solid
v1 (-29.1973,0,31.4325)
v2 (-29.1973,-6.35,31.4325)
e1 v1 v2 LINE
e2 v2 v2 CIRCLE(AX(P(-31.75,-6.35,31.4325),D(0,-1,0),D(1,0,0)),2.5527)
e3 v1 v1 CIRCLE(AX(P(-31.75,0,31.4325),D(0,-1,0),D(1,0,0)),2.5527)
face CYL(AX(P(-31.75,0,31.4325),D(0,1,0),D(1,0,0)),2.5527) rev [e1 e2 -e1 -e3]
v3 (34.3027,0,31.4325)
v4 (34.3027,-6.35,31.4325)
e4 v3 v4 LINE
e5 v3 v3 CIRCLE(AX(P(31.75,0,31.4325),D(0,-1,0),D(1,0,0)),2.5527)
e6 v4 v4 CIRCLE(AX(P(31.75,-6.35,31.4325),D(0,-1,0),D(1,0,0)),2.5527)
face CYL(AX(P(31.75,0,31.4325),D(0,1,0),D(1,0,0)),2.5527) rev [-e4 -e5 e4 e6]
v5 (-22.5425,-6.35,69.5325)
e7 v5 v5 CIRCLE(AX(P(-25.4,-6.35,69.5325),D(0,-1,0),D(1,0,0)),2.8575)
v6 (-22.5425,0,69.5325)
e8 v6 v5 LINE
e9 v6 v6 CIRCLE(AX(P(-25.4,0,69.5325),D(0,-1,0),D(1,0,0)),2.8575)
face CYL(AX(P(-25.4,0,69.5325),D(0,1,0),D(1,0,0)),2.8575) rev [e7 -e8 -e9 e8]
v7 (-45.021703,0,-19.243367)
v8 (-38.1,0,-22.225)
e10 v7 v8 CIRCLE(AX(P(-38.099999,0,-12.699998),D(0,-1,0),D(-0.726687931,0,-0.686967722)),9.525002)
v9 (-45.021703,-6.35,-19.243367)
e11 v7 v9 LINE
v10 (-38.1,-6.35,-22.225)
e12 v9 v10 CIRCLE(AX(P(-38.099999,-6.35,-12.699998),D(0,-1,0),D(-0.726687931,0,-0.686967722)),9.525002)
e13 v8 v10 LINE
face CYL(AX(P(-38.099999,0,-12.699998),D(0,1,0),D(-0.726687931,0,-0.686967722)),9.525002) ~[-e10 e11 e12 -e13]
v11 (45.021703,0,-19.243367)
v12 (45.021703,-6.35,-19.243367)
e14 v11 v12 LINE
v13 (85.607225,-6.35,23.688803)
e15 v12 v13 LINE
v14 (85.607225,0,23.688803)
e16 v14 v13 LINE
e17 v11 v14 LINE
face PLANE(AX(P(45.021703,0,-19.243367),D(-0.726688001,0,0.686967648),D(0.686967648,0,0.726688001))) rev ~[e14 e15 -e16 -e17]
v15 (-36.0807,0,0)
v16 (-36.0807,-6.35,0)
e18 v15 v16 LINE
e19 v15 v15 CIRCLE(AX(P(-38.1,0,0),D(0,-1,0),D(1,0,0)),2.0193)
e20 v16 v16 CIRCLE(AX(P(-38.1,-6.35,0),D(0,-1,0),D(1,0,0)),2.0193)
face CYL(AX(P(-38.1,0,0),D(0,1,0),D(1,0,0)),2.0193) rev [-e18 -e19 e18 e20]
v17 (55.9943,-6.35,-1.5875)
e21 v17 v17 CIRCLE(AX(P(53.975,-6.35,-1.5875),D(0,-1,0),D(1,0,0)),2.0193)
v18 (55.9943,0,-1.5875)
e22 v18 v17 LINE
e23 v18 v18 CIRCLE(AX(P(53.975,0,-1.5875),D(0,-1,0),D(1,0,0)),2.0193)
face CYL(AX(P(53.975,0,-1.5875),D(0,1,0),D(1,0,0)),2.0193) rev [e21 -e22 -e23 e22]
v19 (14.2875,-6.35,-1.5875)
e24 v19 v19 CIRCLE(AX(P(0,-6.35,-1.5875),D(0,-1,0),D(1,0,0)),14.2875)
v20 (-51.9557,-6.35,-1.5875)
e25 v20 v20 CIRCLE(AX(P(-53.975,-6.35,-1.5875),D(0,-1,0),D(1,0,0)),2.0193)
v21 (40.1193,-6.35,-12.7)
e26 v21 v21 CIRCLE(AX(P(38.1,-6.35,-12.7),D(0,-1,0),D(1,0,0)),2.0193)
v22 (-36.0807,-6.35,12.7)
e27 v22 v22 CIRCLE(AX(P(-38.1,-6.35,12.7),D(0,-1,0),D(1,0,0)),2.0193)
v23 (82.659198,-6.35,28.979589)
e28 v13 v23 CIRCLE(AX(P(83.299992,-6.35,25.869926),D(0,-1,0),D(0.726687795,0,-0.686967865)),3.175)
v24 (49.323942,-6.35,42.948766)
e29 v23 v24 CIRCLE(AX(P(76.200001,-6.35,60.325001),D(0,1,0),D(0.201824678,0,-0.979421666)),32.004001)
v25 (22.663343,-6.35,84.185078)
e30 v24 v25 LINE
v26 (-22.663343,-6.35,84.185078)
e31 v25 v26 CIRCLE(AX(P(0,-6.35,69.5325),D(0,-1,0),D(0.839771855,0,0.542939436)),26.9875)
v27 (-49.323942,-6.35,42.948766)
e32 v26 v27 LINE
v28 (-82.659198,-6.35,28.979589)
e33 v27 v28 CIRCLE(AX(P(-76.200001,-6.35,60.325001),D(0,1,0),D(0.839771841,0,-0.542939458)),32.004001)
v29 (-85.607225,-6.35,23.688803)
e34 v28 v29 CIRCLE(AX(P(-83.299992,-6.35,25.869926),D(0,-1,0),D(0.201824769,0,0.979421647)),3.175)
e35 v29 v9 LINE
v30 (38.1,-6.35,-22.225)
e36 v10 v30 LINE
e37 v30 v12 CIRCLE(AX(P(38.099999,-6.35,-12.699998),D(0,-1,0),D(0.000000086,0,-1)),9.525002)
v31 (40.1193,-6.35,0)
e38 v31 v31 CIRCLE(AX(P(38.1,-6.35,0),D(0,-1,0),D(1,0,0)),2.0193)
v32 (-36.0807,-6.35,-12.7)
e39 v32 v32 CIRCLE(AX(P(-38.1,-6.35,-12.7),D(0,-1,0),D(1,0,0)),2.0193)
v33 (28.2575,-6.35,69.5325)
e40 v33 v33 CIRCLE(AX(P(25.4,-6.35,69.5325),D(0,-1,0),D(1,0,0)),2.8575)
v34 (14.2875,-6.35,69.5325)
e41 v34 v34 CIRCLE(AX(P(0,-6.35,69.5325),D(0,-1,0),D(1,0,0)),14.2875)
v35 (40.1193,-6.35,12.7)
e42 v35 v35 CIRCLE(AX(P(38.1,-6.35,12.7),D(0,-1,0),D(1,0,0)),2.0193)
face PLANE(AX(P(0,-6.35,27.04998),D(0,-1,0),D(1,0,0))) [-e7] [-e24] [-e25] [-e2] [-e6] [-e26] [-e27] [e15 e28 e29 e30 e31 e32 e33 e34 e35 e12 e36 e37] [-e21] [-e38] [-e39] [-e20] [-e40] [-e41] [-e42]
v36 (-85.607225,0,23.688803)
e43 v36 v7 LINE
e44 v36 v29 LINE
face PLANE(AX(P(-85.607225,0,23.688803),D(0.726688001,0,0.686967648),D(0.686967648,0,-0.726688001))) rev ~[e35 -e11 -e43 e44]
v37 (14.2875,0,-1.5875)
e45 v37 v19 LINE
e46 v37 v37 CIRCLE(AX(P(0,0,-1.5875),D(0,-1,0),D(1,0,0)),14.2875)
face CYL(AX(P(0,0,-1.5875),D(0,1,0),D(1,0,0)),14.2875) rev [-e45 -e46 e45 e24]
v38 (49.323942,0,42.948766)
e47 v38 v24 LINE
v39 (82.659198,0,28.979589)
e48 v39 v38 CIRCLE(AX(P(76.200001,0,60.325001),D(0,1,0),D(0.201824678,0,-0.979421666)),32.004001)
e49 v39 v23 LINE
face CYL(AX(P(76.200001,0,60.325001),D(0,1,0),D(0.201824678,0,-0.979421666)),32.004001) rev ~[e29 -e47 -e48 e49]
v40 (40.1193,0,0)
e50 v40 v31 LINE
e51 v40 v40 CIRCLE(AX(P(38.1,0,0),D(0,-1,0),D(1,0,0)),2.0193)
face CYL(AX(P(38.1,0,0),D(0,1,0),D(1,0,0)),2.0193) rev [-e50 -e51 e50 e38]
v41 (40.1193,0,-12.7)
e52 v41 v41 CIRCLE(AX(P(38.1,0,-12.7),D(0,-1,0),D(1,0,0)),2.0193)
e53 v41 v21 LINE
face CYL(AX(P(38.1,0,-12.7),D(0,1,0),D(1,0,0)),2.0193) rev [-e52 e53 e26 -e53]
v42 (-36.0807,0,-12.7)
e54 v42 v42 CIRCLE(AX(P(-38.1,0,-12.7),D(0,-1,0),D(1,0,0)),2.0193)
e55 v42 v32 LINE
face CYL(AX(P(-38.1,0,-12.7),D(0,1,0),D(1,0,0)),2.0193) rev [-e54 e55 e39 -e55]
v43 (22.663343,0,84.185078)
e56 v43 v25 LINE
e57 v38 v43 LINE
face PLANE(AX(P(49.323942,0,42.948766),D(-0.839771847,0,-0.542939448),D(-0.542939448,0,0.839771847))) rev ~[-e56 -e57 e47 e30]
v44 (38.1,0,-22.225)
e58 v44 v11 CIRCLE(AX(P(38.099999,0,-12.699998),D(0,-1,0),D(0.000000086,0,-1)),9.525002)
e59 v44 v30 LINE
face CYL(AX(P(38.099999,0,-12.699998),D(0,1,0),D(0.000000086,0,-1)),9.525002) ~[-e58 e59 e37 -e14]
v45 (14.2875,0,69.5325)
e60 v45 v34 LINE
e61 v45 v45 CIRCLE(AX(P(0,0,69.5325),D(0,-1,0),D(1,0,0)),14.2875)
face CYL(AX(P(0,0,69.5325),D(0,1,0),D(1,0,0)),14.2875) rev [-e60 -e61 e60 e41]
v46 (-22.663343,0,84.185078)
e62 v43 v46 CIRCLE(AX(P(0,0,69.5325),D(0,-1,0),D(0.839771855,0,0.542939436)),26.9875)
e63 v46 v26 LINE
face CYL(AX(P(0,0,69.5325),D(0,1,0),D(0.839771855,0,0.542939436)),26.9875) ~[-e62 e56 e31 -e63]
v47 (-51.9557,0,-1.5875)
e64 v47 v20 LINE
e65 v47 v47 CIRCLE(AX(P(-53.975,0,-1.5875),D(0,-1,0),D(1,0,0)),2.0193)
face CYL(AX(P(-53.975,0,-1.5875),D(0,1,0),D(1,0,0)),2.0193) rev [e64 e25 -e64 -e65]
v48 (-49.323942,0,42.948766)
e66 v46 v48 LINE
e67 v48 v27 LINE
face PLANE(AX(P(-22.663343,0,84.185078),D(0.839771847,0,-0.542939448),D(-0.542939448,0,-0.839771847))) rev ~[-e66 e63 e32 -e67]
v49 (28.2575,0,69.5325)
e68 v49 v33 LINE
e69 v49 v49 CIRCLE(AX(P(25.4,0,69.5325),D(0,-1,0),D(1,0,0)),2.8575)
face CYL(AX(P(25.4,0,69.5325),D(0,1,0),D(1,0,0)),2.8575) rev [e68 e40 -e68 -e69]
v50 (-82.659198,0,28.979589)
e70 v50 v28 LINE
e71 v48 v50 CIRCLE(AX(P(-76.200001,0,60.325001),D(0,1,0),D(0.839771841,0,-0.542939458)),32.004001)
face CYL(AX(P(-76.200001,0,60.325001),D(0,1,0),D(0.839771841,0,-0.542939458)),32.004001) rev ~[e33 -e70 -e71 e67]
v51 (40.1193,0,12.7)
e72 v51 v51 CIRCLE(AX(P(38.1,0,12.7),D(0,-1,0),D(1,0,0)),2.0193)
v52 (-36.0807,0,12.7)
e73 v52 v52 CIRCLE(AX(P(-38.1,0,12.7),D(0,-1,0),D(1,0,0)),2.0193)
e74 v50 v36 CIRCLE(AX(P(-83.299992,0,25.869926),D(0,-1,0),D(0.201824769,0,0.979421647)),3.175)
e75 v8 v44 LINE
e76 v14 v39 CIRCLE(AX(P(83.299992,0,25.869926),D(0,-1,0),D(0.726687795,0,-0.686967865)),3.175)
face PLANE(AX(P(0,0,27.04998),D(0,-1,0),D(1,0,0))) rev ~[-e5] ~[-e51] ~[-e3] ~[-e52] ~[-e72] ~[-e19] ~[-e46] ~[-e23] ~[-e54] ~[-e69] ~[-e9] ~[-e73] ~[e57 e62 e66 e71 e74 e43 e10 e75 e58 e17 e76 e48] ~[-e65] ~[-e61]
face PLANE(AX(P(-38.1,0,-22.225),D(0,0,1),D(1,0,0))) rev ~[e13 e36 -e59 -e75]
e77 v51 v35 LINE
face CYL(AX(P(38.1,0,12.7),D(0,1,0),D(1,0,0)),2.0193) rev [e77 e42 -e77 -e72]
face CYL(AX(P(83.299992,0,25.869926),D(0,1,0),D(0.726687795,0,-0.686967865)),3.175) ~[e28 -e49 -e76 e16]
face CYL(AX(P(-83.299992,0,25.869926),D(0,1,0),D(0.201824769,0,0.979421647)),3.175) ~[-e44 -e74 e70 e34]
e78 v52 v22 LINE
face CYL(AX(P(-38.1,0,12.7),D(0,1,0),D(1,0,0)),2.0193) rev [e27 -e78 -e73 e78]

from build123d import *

# Parameters (mm, degrees)
F0_R     = 2.0193
F0_R_2   = 14.2875
F0_R_3   = 2.5527
F0_R_4   = 2.8575
F1_DEPTH = 6.35


with BuildPart() as f1:
    # F0 (on Front) → F1 (new body)
    with BuildSketch(Plane.XZ):
        with BuildLine():
            ThreePointArc((-49.323942, 42.948766), (-63.830824, 30.807895), (-82.659198, 28.979589))
            ThreePointArc((-82.659198, 28.979589), (-86.073502, 27.415326), (-85.607225, 23.688803))
            Line((-85.607225, 23.688803), (-45.021703, -19.243367))
            ThreePointArc((-45.021703, -19.243367), (-41.868292, -21.447891), (-38.1, -22.225))
            Line((-38.1, -22.225), (38.1, -22.225))
            ThreePointArc((38.1, -22.225), (41.868292, -21.447891), (45.021703, -19.243367))
            Line((45.021703, -19.243367), (85.607225, 23.688803))
            ThreePointArc((85.607225, 23.688803), (86.073502, 27.415326), (82.659198, 28.979589))
            ThreePointArc((82.659198, 28.979589), (63.830824, 30.807895), (49.323942, 42.948766))
            Line((49.323942, 42.948766), (22.663343, 84.185078))
            ThreePointArc((22.663343, 84.185078), (0, 96.52), (-22.663343, 84.185078))
            Line((-22.663343, 84.185078), (-49.323942, 42.948766))
        make_face()
        with Locations((-53.975, -1.5875)):
            Circle(F0_R, mode=Mode.SUBTRACT)
        with Locations((-38.1, -12.7)):
            Circle(F0_R, mode=Mode.SUBTRACT)
        with Locations((-38.1, 0)):
            Circle(F0_R, mode=Mode.SUBTRACT)
        with Locations((0, -1.5875)):
            Circle(F0_R_2, mode=Mode.SUBTRACT)
        with Locations((-38.1, 12.7)):
            Circle(F0_R, mode=Mode.SUBTRACT)
        with Locations((-31.75, 31.4325)):
            Circle(F0_R_3, mode=Mode.SUBTRACT)
        with Locations((38.1, -12.7)):
            Circle(F0_R, mode=Mode.SUBTRACT)
        with Locations((38.1, 0)):
            Circle(F0_R, mode=Mode.SUBTRACT)
        with Locations((53.975, -1.5875)):
            Circle(F0_R, mode=Mode.SUBTRACT)
        with Locations((38.1, 12.7)):
            Circle(F0_R, mode=Mode.SUBTRACT)
        with Locations((31.75, 31.4325)):
            Circle(F0_R_3, mode=Mode.SUBTRACT)
        with Locations((-25.4, 69.5325)):
            Circle(F0_R_4, mode=Mode.SUBTRACT)
        with Locations((0, 69.5325)):
            Circle(F0_R_2, mode=Mode.SUBTRACT)
        with Locations((25.4, 69.5325)):
            Circle(F0_R_4, mode=Mode.SUBTRACT)
    extrude(amount=F1_DEPTH)


solid = f1.part
